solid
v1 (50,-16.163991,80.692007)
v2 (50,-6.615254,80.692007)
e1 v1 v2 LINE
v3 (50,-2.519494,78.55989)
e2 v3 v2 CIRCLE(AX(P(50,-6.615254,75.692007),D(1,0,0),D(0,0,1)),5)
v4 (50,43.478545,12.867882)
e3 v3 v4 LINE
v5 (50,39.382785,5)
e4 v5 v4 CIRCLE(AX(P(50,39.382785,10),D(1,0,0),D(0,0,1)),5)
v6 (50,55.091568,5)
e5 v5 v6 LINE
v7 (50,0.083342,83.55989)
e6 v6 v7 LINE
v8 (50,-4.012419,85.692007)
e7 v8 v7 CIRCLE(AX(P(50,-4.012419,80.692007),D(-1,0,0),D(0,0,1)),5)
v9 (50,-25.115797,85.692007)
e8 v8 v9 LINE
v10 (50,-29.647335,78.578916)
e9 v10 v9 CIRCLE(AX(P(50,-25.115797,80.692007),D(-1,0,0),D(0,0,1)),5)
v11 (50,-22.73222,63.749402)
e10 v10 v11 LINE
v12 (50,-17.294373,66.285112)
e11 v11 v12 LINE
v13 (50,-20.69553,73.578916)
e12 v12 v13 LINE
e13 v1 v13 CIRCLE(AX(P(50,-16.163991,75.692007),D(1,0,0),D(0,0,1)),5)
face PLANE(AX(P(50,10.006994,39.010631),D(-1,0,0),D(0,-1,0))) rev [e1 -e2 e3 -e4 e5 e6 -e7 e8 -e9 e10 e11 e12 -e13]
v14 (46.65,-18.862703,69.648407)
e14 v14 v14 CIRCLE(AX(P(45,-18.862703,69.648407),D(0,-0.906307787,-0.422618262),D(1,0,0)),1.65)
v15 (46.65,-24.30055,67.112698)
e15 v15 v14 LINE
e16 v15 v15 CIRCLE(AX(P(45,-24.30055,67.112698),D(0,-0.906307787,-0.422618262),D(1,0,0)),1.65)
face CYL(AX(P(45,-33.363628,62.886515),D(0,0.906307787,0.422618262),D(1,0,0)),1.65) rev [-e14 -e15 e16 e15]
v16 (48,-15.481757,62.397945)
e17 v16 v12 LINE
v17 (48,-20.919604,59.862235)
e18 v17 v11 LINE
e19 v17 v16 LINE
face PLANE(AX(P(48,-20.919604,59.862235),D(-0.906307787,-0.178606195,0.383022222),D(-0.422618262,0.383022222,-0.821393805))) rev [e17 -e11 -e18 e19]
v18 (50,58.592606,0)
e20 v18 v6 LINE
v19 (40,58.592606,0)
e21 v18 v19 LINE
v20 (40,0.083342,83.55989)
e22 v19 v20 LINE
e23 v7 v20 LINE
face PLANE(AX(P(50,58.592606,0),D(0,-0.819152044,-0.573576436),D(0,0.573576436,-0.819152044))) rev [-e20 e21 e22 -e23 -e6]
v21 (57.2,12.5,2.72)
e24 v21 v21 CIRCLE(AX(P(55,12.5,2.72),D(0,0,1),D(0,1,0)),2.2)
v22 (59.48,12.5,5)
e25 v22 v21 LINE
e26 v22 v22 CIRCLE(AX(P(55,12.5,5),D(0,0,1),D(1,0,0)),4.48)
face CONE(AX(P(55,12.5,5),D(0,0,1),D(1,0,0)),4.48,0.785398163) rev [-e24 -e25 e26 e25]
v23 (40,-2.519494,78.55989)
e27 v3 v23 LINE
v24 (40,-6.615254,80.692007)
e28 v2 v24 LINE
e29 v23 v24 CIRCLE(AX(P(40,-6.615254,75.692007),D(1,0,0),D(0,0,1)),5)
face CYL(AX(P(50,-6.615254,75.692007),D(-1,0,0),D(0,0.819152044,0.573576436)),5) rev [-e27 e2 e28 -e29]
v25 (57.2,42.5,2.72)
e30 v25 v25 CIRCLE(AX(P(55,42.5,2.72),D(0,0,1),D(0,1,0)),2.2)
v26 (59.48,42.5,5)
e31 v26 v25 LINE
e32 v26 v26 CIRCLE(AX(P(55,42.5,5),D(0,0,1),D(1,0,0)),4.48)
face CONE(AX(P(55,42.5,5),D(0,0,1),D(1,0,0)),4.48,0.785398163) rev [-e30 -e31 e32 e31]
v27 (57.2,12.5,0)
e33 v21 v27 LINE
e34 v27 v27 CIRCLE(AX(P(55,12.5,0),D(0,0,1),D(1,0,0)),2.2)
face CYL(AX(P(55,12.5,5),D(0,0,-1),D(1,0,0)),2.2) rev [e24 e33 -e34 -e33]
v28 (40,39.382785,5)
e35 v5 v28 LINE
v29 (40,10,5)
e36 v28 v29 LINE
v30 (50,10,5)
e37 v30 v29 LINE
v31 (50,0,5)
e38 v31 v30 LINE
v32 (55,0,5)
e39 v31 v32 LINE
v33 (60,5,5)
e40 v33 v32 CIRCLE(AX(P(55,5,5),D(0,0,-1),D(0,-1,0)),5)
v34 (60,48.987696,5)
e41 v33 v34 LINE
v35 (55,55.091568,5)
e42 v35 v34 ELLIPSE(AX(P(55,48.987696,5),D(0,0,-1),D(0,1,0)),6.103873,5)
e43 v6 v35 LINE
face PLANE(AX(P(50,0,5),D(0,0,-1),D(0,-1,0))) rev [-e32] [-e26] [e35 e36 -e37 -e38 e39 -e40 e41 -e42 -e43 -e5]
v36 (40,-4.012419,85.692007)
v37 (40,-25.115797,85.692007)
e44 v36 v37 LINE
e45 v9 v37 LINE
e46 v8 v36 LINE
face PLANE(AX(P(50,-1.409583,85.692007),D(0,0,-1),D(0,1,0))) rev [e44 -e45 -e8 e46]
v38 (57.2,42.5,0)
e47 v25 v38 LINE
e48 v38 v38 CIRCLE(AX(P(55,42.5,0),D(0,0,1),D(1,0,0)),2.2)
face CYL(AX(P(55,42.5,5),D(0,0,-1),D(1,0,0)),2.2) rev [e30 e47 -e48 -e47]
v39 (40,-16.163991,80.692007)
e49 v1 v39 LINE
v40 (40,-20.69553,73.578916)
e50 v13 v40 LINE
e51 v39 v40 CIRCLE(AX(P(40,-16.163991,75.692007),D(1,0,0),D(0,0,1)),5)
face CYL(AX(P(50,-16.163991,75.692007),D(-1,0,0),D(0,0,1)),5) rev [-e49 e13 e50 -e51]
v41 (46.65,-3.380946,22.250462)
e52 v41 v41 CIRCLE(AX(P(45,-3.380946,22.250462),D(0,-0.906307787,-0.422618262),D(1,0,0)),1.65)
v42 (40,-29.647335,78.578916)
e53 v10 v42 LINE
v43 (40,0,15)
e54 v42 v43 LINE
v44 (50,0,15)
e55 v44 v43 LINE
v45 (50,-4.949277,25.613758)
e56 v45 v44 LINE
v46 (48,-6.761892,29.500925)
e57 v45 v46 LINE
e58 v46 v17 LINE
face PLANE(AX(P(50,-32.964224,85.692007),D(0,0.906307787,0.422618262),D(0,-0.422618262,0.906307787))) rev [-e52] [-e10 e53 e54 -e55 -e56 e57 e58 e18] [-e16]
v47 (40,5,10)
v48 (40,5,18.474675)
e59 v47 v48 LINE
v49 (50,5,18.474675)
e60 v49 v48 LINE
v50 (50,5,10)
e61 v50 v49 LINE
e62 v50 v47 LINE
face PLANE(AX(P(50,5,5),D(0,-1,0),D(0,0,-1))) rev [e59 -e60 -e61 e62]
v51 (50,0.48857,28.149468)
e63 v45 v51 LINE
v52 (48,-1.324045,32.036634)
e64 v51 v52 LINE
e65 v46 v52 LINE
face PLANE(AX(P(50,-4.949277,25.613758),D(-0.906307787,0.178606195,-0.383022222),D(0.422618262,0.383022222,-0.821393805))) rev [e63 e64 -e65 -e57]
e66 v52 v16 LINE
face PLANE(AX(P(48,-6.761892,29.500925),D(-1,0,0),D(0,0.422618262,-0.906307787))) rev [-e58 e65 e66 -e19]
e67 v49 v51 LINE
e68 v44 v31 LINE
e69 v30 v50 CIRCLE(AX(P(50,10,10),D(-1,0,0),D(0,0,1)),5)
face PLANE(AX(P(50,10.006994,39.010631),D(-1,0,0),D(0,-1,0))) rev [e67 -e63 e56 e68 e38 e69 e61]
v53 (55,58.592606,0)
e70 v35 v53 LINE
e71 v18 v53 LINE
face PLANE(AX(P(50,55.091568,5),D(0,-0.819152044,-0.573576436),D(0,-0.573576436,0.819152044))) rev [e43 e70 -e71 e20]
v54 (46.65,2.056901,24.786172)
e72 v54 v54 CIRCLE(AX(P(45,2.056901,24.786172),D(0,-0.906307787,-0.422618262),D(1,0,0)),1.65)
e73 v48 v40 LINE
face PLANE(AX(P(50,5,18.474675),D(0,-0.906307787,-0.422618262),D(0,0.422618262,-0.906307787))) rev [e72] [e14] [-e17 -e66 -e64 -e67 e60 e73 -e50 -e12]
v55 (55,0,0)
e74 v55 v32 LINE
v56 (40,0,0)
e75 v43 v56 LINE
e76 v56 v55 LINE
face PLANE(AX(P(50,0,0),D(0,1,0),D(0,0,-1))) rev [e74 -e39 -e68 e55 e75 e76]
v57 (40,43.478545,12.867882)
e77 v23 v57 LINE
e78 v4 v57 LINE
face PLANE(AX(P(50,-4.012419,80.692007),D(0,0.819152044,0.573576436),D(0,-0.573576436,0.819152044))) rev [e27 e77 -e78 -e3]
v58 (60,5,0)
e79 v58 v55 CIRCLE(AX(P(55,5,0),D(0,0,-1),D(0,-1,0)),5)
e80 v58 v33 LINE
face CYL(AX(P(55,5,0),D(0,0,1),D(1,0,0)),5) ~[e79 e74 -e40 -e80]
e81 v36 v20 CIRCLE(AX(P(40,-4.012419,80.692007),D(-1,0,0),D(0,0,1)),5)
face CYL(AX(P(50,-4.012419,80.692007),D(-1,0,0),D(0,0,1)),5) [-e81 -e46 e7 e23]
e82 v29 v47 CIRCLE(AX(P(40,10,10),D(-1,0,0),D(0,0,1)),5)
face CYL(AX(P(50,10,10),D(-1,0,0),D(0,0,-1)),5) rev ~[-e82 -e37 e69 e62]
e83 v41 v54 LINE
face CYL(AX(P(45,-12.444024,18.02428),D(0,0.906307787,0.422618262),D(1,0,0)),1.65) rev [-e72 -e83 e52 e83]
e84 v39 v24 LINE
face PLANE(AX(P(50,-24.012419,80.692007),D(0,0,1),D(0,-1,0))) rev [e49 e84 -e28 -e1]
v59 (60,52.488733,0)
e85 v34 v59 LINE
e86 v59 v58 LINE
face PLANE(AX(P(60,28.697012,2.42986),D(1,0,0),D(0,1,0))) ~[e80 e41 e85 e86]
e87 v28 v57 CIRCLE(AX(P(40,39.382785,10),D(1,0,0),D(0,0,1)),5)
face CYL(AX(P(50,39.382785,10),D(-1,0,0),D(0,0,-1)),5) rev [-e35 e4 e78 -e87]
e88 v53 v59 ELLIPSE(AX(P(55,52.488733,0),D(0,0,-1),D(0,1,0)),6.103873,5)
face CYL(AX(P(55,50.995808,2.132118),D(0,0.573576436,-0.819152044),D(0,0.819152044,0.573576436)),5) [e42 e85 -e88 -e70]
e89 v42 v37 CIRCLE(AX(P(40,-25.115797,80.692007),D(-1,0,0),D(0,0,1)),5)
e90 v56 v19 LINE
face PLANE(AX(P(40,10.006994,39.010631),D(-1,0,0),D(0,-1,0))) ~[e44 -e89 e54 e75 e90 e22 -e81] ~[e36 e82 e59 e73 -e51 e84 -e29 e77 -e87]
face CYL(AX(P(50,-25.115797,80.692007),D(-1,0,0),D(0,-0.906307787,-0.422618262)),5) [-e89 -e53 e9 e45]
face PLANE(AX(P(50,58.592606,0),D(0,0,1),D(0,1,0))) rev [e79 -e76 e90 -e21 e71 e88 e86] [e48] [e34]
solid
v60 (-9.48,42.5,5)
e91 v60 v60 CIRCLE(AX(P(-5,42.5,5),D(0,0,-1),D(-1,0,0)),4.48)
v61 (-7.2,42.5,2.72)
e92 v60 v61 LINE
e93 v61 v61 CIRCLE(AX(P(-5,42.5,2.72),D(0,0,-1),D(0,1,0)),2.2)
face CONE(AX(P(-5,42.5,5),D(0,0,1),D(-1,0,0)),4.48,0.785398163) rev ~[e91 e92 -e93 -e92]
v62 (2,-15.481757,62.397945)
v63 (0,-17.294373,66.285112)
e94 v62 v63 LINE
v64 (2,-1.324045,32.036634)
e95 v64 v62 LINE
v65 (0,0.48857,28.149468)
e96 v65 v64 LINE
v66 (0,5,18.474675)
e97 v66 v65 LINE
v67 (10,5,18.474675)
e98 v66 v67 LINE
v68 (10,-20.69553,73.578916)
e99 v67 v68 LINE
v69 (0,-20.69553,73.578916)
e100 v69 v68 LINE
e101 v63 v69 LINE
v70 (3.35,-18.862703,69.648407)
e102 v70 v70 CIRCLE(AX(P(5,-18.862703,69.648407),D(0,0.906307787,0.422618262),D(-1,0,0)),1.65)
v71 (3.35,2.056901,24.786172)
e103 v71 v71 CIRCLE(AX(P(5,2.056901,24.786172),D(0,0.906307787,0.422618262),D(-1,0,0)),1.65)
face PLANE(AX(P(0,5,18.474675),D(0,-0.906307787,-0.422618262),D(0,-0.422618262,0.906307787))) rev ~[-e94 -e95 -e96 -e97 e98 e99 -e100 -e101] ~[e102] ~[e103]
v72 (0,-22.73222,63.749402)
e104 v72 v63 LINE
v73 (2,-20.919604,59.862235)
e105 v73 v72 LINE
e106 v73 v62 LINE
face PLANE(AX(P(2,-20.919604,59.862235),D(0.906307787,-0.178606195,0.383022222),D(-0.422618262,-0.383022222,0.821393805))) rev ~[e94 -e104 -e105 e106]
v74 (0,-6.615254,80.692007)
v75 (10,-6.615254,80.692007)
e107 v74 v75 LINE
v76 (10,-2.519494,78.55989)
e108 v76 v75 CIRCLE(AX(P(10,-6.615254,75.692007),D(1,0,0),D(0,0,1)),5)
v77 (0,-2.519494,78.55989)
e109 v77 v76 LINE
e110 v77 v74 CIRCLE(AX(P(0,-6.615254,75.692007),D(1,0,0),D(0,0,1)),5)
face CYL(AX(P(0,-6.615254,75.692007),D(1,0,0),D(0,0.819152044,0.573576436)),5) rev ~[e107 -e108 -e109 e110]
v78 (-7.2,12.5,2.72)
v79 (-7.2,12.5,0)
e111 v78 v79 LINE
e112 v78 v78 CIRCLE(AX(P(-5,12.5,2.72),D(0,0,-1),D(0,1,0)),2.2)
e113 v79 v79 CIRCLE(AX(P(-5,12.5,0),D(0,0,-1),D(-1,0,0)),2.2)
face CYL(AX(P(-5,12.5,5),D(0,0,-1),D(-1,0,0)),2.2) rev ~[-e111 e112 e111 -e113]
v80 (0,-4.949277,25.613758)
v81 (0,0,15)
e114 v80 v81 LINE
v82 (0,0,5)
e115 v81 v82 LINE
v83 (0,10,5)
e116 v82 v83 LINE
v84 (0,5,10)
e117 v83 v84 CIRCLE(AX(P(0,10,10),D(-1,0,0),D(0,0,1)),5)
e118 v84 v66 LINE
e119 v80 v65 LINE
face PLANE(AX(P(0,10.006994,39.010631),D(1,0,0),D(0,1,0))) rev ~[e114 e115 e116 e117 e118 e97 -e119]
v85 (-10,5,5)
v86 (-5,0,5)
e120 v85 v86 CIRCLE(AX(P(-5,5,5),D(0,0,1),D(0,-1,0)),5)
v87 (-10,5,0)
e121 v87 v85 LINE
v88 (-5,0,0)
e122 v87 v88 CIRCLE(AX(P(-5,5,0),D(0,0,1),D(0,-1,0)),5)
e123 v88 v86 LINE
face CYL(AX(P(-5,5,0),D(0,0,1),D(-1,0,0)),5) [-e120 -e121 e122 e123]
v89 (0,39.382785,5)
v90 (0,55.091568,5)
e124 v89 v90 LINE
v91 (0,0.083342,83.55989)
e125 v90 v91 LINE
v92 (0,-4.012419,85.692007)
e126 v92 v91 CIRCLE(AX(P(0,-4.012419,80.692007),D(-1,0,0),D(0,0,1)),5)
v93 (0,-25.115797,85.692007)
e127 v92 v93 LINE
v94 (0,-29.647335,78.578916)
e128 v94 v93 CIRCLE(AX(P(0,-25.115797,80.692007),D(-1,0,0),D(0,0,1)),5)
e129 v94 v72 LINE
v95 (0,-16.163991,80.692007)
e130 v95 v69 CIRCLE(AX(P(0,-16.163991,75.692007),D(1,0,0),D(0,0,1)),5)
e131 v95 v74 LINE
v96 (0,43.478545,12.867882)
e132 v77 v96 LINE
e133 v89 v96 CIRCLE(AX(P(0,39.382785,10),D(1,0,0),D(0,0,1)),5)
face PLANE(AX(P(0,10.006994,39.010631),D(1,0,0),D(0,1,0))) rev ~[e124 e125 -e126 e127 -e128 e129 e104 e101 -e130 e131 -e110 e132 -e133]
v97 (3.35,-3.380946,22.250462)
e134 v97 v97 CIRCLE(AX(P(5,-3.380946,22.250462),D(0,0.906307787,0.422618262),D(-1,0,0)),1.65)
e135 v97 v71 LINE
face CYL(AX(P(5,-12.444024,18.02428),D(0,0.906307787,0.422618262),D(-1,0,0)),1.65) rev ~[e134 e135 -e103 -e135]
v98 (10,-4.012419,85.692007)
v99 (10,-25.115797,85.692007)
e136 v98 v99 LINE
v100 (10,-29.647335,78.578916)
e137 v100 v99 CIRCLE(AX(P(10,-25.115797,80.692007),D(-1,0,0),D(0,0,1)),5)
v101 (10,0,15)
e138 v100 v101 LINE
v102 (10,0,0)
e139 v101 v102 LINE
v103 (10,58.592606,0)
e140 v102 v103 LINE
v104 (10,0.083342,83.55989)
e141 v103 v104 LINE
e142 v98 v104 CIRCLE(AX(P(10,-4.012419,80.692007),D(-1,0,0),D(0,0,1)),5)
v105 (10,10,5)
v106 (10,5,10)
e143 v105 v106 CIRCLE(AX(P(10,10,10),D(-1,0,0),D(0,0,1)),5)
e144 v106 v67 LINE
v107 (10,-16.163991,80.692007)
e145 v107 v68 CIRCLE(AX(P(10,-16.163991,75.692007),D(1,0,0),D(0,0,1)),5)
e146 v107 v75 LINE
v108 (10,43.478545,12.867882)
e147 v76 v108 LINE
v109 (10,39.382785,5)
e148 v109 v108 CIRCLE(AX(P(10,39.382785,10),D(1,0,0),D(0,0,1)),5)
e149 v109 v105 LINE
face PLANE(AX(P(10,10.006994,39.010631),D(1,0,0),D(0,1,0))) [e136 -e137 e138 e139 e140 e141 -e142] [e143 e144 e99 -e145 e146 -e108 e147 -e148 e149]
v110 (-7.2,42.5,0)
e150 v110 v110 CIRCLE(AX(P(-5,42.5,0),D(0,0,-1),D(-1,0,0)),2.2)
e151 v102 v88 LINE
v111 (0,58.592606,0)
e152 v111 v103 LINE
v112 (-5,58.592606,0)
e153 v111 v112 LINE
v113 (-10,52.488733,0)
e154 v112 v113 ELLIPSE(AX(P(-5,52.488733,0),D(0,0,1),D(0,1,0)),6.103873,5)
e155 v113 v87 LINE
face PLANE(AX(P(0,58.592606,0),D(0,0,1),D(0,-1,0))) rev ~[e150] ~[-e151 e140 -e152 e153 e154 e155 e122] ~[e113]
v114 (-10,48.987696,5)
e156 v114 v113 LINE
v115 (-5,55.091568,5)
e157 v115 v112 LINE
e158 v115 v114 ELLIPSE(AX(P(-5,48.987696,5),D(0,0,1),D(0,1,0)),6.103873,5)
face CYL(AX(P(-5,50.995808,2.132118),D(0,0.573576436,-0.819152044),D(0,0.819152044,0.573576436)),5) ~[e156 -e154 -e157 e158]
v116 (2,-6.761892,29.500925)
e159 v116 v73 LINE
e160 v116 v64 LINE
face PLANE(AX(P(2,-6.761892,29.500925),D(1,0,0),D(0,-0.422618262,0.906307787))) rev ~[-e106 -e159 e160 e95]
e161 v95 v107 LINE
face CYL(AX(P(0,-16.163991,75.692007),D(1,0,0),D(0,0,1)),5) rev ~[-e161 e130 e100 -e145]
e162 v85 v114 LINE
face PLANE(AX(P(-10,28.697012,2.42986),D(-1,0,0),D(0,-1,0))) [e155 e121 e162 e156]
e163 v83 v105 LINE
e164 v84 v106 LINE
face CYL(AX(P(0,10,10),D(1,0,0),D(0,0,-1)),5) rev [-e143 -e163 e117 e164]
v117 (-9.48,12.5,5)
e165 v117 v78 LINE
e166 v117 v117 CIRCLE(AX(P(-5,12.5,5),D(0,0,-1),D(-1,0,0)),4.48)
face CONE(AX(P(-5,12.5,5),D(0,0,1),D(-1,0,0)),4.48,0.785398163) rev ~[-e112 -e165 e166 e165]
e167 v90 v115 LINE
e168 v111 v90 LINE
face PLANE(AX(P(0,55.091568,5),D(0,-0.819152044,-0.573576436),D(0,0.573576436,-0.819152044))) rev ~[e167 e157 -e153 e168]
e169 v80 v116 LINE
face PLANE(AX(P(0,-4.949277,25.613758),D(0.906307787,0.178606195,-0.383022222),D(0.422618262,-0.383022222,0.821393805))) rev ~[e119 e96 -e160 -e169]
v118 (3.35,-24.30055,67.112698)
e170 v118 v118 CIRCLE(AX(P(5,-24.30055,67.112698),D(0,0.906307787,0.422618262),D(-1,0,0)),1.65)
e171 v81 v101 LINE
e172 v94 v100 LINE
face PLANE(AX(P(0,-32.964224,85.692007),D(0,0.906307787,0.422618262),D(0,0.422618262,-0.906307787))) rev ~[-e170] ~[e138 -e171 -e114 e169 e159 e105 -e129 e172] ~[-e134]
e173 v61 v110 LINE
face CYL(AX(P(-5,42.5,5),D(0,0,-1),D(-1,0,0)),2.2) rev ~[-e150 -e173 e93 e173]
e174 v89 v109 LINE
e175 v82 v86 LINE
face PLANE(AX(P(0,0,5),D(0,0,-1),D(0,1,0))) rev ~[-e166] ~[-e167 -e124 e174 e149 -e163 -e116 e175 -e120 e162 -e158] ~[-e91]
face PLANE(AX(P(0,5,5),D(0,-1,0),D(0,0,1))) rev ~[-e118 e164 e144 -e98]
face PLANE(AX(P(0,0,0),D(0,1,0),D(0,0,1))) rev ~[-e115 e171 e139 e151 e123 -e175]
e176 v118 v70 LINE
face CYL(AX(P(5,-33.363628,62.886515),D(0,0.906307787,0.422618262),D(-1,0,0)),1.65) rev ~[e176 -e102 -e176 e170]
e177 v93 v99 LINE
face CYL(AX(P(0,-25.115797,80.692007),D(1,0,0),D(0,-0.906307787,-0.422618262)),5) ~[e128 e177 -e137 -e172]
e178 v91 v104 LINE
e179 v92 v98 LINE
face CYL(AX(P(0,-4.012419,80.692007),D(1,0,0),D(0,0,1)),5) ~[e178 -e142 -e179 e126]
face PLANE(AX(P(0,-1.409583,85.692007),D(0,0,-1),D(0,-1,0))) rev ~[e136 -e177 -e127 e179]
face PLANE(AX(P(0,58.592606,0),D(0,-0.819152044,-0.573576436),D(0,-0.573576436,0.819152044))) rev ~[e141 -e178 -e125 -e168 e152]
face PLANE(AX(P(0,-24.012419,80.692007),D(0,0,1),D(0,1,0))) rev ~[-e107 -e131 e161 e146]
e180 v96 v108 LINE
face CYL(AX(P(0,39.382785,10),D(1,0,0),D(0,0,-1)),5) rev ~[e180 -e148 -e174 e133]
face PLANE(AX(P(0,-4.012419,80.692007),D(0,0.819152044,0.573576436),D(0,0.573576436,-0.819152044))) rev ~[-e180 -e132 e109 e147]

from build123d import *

# Parameters (mm, degrees)
F1_DEPTH        = 10
F3_DEPTH        = 10
F4_R            = 5
F6_D            = 3.3
F6_DEPTH        = 10
F6_TIP          = 0.9914200214
F8_R            = 5
F10_DEPTH       = 6
F13_D           = 4.4
F13_DEPTH       = 10
F13_CSINK_D     = 8.96
F13_CSINK_ANGLE = 90
F13_TIP         = 1.3218933619


with BuildPart() as f1:
    # F0 (on Right) → F1 (new body)
    with BuildSketch(Plane.YZ):
        Polygon((0, 15), (0, 0), (58.5926061795, 0), (-1.4095833585, 85.6920073889), (-32.9642244158, 85.6920073889), align=None)
        Polygon((-4.0124186112, 80.6920073889), (48.9876955447, 5), (5, 5), (5, 18.4746748964), (-24.0124186112, 80.6920073889), align=None, mode=Mode.SUBTRACT)
    extrude(amount=F1_DEPTH)

    # F2 (on face) → F3 (join)
    with BuildSketch(Plane(origin=(0, 0, 0), x_dir=(0, -1, 0), z_dir=(-1, 0, 0))):
        Polygon((-48.9876955447, 5), (-55.0915684885, 5), (-58.5926061795, 0), (0, 0), (0, 5), (-5, 5), align=None)
    extrude(amount=F3_DEPTH)

    # F4
    f4_edges = [f1.edges().sort_by_distance(p)[0] for p in [
        (-10, 56.842087, 2.5),
        (-10, 0, 2.5),
        (5, -1.409583, 85.692007),
    ]]
    fillet(f4_edges, radius=F4_R)

    # F6
    with Locations(Plane(origin=(0, 5.7453333234, 2.6790929274), x_dir=(1, 0, 0), z_dir=(0, -0.906307787, -0.4226182617))):
        with Locations((5, 71.0946168055), (5, 21.5946168055)):
            Hole(F6_D / 2, depth=F6_DEPTH)
            with Locations((0, 0, -(F6_DEPTH + F6_TIP / 2))):  # 118° drill point
                Cone(0, F6_D / 2, F6_TIP, mode=Mode.SUBTRACT)

    # F8
    f8_edges = [f1.edges().sort_by_distance(p)[0] for p in [
        (5, -32.964224, 85.692007),
        (5, -24.012419, 80.692007),
        (5, -4.012419, 80.692007),
        (5, 5, 5),
        (5, 48.987696, 5),
    ]]
    fillet(f8_edges, radius=F8_R)

    # F9 (on face) → F10 (cut, through all)
    with BuildSketch(Plane(origin=(0, 5.7453333234, 2.6790929274), x_dir=(1, 0, 0), z_dir=(0, -0.906307787, -0.4226182617))):
        Polygon((2, 29.5946168055), (2, 63.0946168055), (0, 67.3836306466), (0, 25.3056029645), align=None)
    extrude(amount=-F10_DEPTH, mode=Mode.SUBTRACT)

    # F13
    with Locations(Plane.XY.offset(5)):
        with Locations((-5, 42.5), (-5, 12.5)):
            CounterSinkHole(F13_D / 2, F13_CSINK_D / 2, depth=F13_DEPTH, counter_sink_angle=F13_CSINK_ANGLE)
            with Locations((0, 0, -(F13_DEPTH + F13_TIP / 2))):  # 118° drill point
                Cone(0, F13_D / 2, F13_TIP, mode=Mode.SUBTRACT)


with BuildPart() as f14_1:
    # F14: instance of F1
    add(f1.part.mirror(Plane(origin=(25, 9.4244202905, 39.0277979047), x_dir=(0, 1, 0), z_dir=(1, 0, 0))))


solid = Compound([f1.part, f14_1.part])
